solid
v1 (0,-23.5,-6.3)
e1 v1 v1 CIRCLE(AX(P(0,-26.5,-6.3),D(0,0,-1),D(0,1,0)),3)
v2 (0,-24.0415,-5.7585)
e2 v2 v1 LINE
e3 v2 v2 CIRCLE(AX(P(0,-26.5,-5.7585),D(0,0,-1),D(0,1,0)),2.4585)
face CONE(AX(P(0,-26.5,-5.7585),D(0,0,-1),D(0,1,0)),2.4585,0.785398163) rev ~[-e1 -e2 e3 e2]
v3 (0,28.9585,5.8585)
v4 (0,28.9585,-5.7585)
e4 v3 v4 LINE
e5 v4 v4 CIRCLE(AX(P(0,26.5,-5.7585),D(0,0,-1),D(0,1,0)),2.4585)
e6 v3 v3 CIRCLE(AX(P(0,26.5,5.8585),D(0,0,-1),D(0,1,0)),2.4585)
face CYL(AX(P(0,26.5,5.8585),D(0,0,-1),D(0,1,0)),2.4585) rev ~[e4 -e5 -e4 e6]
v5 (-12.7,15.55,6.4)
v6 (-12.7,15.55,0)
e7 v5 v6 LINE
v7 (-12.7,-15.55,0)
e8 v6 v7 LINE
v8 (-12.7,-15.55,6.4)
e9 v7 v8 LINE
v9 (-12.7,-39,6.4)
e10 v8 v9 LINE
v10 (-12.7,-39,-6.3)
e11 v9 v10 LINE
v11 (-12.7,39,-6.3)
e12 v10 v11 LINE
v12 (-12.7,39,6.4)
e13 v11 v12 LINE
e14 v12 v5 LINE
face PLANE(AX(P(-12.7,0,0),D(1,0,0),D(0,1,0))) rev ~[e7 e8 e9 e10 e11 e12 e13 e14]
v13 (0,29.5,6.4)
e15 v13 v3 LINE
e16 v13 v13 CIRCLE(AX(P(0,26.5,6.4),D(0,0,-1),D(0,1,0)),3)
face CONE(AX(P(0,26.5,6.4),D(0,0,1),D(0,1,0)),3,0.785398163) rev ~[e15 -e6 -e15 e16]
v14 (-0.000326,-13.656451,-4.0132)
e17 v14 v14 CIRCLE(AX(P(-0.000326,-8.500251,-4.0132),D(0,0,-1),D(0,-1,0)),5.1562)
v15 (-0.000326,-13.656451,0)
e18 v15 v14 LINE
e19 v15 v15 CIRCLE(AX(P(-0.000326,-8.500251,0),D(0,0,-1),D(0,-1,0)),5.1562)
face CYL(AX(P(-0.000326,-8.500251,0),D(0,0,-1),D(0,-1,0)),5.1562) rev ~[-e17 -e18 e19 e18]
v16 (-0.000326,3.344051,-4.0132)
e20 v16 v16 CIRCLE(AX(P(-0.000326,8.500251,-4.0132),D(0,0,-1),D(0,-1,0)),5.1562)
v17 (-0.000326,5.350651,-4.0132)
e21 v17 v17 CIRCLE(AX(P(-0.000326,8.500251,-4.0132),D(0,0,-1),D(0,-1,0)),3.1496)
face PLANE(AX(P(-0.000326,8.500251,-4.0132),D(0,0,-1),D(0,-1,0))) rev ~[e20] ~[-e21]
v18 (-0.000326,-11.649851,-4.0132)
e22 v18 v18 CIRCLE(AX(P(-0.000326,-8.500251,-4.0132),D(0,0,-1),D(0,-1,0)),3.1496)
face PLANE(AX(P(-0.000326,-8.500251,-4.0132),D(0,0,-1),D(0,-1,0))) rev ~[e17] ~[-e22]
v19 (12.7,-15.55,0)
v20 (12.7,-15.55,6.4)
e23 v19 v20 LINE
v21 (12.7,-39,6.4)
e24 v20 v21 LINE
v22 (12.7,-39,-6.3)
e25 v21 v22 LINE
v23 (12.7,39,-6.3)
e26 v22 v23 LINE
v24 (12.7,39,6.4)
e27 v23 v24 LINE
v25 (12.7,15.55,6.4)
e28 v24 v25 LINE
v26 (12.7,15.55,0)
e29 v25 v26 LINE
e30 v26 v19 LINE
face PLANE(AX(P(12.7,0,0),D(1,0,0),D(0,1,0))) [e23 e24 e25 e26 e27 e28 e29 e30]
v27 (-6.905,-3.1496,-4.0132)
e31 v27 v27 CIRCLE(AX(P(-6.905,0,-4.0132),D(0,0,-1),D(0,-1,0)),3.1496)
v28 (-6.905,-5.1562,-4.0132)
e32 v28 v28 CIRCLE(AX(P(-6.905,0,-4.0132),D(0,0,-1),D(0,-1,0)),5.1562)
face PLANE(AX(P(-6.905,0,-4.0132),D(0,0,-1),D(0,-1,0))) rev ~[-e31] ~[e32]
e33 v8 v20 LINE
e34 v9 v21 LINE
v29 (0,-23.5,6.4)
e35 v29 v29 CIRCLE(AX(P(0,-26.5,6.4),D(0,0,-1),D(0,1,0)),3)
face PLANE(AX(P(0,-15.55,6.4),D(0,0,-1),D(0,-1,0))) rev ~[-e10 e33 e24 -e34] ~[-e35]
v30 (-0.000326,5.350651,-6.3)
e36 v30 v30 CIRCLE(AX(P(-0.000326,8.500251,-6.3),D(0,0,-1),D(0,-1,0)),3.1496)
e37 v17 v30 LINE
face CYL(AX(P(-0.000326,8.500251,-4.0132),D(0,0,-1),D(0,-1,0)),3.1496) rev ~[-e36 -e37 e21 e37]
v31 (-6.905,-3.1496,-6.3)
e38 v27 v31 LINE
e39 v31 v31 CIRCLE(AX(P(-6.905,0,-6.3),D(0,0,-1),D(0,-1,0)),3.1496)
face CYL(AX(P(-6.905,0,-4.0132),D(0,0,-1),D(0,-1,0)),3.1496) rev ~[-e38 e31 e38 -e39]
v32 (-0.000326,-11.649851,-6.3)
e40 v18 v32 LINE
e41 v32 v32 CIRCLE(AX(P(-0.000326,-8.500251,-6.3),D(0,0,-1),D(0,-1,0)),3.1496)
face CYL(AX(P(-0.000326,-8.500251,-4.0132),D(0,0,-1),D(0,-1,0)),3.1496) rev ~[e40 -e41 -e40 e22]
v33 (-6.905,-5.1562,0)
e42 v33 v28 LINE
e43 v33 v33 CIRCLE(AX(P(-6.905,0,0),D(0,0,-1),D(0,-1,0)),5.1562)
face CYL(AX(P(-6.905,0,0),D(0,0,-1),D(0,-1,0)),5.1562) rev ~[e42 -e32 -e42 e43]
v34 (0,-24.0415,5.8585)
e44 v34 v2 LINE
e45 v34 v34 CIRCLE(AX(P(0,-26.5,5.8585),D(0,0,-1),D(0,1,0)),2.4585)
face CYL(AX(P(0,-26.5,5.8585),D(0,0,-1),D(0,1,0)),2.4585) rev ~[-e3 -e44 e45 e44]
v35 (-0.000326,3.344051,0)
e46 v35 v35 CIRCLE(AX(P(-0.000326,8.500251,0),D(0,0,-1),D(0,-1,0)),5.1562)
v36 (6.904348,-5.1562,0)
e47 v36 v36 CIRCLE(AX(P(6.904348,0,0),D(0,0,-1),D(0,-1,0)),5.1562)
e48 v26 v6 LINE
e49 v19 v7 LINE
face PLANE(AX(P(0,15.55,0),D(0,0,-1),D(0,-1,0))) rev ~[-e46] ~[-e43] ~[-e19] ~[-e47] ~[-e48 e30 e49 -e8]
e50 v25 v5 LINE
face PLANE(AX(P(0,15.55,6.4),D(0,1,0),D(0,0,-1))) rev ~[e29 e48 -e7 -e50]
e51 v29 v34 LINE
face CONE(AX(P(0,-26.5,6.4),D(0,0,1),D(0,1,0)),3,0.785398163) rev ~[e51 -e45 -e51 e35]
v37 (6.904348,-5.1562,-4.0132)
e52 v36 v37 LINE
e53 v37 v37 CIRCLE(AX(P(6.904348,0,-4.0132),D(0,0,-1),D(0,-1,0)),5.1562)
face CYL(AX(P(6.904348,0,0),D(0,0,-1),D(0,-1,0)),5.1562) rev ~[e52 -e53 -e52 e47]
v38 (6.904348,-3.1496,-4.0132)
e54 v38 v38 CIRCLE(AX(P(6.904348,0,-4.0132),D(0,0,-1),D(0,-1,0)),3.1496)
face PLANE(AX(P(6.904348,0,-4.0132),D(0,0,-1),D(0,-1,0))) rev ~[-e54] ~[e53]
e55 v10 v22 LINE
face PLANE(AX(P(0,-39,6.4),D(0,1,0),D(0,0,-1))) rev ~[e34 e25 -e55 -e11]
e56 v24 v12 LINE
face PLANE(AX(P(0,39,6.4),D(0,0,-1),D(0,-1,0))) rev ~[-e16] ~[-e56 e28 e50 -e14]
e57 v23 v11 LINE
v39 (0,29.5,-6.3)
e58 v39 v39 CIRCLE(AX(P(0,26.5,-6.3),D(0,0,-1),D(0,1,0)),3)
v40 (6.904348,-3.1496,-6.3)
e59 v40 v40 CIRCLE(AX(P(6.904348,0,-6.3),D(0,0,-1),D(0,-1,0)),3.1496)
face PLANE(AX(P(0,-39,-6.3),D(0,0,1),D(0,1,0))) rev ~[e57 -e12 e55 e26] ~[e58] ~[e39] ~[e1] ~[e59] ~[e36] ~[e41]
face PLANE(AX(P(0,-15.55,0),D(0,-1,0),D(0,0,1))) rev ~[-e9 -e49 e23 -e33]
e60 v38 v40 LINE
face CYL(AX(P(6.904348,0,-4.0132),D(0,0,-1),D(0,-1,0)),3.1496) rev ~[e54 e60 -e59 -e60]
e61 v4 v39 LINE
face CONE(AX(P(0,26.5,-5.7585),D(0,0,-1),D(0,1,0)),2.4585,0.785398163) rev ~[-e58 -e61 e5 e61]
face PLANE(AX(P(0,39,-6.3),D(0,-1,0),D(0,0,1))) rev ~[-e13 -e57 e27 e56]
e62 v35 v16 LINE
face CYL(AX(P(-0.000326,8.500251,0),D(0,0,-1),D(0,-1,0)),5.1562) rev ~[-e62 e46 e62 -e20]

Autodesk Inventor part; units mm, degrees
sketch "Sketch_1" plane through (0, 0, 0) normal (1, 0, 0) x (0, 1, 0)
  line L0 (-15.55, 6.4) -> (-39, 6.4)
  line L1 (-39, 6.4) -> (-39, -6.3)
  line L2 (-39, -6.3) -> (39, -6.3)
  line L3 (39, -6.3) -> (39, 6.4)
  line L4 (39, 6.4) -> (15.55, 6.4)
  line L5 (15.55, 6.4) -> (15.55, 0)
  line L6 (15.55, 0) -> (-15.55, 0)
  line L7 (-15.55, 0) -> (-15.55, 6.4)
extrude "Extrusion1" add sketch "Sketch_1" along normal mid plane 25.4
sketch "Sketch_2" plane through (0, 0, 0) normal (1, 0, 0) x (0, 1, 0)
  line L0 (26.5, -6.3) -> (26.5, 6.4)
  line L1 (26.5, 6.4) -> (29.5, 6.4)
  line L2 (29.5, 6.4) -> (28.9585, 5.8585)
  line L3 (28.9585, 5.8585) -> (28.9585, -5.7585)
  line L4 (28.9585, -5.7585) -> (29.5, -6.3)
  line L5 (29.5, -6.3) -> (26.5, -6.3)
  line L6 (26.5, -6.3) -> (26.5, 6.4)
revolve "Revolution1" cut sketch "Sketch_2" angle 360 about axis through (0, 26.5, -6.3) along (0, 0, -1)
thread "Thread1" size "M6x1" class "6H" standard "ISO Metric profile" full length
sketch "Sketch_3" plane through (0, 0, 0) normal (1, 0, 0) x (0, 1, 0)
  line L0 (-26.5, -6.3) -> (-26.5, 6.4)
  line L1 (-26.5, 6.4) -> (-23.5, 6.4)
  line L2 (-23.5, 6.4) -> (-24.0415, 5.8585)
  line L3 (-24.0415, 5.8585) -> (-24.0415, -5.7585)
  line L4 (-24.0415, -5.7585) -> (-23.5, -6.3)
  line L5 (-23.5, -6.3) -> (-26.5, -6.3)
  line L6 (-26.5, -6.3) -> (-26.5, 6.4)
revolve "Revolution2" cut sketch "Sketch_3" angle 360 about axis through (0, -26.5, -6.3) along (0, 0, -1)
thread "Thread2" size "M6x1" class "6H" standard "ISO Metric profile" full length
sketch "Sketch4" plane through (-12.7, -15.55, 0) normal (0, 0, 1) x (1, 0, 0)
  point P0 (5.795, 15.55)
hole "Hole1" at (-6.905, 0, 0) direction (0, 0, -1) diameter 6.2992 depth 6.3 counterbore diameter 10.3124 counterbore depth 4.0132
pattern_linear "Rectangular Pattern1" count 2 spacing 10.9512 along (0.6305, 0.7762, 0) count 2 spacing 10.9512 along (0.6305, -0.7762, 0) of "Hole1"
ref_plane "screw1_XY" through (-6.905, 0, -4.0132) normal (0, 0, 1) x (1, 0, 0)
ref_plane "screw1_YZ" through (-6.905, 0, -4.0132) normal (1, 0, 0) x (0, 1, 0)
ref_plane "screw1_ZX" through (-6.905, 0, -4.0132) normal (0, 1, 0) x (0, 0, 1)
ref_plane "screw1_1_XY" through (0, 8.5, -4.0132) normal (0, 0, 1) x (1, 0, 0)
ref_plane "screw1_1_YZ" through (0, 8.5, -4.0132) normal (1, 0, 0) x (0, 1, 0)
ref_plane "screw1_1_ZX" through (0, 8.5, -4.0132) normal (0, 1, 0) x (0, 0, 1)
ref_plane "screw2_XY" through (6.905, 0, -4.0132) normal (0, 0, 1) x (1, 0, 0)
ref_plane "screw2_YZ" through (6.905, 0, -4.0132) normal (1, 0, 0) x (0, 1, 0)
ref_plane "screw2_ZX" through (6.905, 0, -4.0132) normal (0, 1, 0) x (0, 0, 1)
ref_plane "screw2_1_XY" through (0, -8.5, -4.0132) normal (0, 0, 1) x (1, 0, 0)
ref_plane "screw2_1_YZ" through (0, -8.5, -4.0132) normal (1, 0, 0) x (0, 1, 0)
ref_plane "screw2_1_ZX" through (0, -8.5, -4.0132) normal (0, 1, 0) x (0, 0, 1)
ref_plane "to_dummy_XY" through (0, 0, 0) normal (0, 0, 1) x (1, 0, 0)
ref_plane "to_dummy_YZ" through (0, 0, 0) normal (1, 0, 0) x (0, 1, 0)
ref_plane "to_dummy_ZX" through (0, 0, 0) normal (0, 1, 0) x (0, 0, 1)
ref_plane "to_wheel1_XY" through (0, 26.5, 6.4) normal (0, 0, 1) x (1, 0, 0)
ref_plane "to_wheel1_YZ" through (0, 26.5, 6.4) normal (1, 0, 0) x (0, 1, 0)
ref_plane "to_wheel1_ZX" through (0, 26.5, 6.4) normal (0, 1, 0) x (0, 0, 1)
ref_plane "to_wheel2_XY" through (0, -26.5, 6.4) normal (0, 0, 1) x (1, 0, 0)
ref_plane "to_wheel2_YZ" through (0, -26.5, 6.4) normal (1, 0, 0) x (0, 1, 0)
ref_plane "to_wheel2_ZX" through (0, -26.5, 6.4) normal (0, 1, 0) x (0, 0, 1)
properties part number "25-2750-1_p"
